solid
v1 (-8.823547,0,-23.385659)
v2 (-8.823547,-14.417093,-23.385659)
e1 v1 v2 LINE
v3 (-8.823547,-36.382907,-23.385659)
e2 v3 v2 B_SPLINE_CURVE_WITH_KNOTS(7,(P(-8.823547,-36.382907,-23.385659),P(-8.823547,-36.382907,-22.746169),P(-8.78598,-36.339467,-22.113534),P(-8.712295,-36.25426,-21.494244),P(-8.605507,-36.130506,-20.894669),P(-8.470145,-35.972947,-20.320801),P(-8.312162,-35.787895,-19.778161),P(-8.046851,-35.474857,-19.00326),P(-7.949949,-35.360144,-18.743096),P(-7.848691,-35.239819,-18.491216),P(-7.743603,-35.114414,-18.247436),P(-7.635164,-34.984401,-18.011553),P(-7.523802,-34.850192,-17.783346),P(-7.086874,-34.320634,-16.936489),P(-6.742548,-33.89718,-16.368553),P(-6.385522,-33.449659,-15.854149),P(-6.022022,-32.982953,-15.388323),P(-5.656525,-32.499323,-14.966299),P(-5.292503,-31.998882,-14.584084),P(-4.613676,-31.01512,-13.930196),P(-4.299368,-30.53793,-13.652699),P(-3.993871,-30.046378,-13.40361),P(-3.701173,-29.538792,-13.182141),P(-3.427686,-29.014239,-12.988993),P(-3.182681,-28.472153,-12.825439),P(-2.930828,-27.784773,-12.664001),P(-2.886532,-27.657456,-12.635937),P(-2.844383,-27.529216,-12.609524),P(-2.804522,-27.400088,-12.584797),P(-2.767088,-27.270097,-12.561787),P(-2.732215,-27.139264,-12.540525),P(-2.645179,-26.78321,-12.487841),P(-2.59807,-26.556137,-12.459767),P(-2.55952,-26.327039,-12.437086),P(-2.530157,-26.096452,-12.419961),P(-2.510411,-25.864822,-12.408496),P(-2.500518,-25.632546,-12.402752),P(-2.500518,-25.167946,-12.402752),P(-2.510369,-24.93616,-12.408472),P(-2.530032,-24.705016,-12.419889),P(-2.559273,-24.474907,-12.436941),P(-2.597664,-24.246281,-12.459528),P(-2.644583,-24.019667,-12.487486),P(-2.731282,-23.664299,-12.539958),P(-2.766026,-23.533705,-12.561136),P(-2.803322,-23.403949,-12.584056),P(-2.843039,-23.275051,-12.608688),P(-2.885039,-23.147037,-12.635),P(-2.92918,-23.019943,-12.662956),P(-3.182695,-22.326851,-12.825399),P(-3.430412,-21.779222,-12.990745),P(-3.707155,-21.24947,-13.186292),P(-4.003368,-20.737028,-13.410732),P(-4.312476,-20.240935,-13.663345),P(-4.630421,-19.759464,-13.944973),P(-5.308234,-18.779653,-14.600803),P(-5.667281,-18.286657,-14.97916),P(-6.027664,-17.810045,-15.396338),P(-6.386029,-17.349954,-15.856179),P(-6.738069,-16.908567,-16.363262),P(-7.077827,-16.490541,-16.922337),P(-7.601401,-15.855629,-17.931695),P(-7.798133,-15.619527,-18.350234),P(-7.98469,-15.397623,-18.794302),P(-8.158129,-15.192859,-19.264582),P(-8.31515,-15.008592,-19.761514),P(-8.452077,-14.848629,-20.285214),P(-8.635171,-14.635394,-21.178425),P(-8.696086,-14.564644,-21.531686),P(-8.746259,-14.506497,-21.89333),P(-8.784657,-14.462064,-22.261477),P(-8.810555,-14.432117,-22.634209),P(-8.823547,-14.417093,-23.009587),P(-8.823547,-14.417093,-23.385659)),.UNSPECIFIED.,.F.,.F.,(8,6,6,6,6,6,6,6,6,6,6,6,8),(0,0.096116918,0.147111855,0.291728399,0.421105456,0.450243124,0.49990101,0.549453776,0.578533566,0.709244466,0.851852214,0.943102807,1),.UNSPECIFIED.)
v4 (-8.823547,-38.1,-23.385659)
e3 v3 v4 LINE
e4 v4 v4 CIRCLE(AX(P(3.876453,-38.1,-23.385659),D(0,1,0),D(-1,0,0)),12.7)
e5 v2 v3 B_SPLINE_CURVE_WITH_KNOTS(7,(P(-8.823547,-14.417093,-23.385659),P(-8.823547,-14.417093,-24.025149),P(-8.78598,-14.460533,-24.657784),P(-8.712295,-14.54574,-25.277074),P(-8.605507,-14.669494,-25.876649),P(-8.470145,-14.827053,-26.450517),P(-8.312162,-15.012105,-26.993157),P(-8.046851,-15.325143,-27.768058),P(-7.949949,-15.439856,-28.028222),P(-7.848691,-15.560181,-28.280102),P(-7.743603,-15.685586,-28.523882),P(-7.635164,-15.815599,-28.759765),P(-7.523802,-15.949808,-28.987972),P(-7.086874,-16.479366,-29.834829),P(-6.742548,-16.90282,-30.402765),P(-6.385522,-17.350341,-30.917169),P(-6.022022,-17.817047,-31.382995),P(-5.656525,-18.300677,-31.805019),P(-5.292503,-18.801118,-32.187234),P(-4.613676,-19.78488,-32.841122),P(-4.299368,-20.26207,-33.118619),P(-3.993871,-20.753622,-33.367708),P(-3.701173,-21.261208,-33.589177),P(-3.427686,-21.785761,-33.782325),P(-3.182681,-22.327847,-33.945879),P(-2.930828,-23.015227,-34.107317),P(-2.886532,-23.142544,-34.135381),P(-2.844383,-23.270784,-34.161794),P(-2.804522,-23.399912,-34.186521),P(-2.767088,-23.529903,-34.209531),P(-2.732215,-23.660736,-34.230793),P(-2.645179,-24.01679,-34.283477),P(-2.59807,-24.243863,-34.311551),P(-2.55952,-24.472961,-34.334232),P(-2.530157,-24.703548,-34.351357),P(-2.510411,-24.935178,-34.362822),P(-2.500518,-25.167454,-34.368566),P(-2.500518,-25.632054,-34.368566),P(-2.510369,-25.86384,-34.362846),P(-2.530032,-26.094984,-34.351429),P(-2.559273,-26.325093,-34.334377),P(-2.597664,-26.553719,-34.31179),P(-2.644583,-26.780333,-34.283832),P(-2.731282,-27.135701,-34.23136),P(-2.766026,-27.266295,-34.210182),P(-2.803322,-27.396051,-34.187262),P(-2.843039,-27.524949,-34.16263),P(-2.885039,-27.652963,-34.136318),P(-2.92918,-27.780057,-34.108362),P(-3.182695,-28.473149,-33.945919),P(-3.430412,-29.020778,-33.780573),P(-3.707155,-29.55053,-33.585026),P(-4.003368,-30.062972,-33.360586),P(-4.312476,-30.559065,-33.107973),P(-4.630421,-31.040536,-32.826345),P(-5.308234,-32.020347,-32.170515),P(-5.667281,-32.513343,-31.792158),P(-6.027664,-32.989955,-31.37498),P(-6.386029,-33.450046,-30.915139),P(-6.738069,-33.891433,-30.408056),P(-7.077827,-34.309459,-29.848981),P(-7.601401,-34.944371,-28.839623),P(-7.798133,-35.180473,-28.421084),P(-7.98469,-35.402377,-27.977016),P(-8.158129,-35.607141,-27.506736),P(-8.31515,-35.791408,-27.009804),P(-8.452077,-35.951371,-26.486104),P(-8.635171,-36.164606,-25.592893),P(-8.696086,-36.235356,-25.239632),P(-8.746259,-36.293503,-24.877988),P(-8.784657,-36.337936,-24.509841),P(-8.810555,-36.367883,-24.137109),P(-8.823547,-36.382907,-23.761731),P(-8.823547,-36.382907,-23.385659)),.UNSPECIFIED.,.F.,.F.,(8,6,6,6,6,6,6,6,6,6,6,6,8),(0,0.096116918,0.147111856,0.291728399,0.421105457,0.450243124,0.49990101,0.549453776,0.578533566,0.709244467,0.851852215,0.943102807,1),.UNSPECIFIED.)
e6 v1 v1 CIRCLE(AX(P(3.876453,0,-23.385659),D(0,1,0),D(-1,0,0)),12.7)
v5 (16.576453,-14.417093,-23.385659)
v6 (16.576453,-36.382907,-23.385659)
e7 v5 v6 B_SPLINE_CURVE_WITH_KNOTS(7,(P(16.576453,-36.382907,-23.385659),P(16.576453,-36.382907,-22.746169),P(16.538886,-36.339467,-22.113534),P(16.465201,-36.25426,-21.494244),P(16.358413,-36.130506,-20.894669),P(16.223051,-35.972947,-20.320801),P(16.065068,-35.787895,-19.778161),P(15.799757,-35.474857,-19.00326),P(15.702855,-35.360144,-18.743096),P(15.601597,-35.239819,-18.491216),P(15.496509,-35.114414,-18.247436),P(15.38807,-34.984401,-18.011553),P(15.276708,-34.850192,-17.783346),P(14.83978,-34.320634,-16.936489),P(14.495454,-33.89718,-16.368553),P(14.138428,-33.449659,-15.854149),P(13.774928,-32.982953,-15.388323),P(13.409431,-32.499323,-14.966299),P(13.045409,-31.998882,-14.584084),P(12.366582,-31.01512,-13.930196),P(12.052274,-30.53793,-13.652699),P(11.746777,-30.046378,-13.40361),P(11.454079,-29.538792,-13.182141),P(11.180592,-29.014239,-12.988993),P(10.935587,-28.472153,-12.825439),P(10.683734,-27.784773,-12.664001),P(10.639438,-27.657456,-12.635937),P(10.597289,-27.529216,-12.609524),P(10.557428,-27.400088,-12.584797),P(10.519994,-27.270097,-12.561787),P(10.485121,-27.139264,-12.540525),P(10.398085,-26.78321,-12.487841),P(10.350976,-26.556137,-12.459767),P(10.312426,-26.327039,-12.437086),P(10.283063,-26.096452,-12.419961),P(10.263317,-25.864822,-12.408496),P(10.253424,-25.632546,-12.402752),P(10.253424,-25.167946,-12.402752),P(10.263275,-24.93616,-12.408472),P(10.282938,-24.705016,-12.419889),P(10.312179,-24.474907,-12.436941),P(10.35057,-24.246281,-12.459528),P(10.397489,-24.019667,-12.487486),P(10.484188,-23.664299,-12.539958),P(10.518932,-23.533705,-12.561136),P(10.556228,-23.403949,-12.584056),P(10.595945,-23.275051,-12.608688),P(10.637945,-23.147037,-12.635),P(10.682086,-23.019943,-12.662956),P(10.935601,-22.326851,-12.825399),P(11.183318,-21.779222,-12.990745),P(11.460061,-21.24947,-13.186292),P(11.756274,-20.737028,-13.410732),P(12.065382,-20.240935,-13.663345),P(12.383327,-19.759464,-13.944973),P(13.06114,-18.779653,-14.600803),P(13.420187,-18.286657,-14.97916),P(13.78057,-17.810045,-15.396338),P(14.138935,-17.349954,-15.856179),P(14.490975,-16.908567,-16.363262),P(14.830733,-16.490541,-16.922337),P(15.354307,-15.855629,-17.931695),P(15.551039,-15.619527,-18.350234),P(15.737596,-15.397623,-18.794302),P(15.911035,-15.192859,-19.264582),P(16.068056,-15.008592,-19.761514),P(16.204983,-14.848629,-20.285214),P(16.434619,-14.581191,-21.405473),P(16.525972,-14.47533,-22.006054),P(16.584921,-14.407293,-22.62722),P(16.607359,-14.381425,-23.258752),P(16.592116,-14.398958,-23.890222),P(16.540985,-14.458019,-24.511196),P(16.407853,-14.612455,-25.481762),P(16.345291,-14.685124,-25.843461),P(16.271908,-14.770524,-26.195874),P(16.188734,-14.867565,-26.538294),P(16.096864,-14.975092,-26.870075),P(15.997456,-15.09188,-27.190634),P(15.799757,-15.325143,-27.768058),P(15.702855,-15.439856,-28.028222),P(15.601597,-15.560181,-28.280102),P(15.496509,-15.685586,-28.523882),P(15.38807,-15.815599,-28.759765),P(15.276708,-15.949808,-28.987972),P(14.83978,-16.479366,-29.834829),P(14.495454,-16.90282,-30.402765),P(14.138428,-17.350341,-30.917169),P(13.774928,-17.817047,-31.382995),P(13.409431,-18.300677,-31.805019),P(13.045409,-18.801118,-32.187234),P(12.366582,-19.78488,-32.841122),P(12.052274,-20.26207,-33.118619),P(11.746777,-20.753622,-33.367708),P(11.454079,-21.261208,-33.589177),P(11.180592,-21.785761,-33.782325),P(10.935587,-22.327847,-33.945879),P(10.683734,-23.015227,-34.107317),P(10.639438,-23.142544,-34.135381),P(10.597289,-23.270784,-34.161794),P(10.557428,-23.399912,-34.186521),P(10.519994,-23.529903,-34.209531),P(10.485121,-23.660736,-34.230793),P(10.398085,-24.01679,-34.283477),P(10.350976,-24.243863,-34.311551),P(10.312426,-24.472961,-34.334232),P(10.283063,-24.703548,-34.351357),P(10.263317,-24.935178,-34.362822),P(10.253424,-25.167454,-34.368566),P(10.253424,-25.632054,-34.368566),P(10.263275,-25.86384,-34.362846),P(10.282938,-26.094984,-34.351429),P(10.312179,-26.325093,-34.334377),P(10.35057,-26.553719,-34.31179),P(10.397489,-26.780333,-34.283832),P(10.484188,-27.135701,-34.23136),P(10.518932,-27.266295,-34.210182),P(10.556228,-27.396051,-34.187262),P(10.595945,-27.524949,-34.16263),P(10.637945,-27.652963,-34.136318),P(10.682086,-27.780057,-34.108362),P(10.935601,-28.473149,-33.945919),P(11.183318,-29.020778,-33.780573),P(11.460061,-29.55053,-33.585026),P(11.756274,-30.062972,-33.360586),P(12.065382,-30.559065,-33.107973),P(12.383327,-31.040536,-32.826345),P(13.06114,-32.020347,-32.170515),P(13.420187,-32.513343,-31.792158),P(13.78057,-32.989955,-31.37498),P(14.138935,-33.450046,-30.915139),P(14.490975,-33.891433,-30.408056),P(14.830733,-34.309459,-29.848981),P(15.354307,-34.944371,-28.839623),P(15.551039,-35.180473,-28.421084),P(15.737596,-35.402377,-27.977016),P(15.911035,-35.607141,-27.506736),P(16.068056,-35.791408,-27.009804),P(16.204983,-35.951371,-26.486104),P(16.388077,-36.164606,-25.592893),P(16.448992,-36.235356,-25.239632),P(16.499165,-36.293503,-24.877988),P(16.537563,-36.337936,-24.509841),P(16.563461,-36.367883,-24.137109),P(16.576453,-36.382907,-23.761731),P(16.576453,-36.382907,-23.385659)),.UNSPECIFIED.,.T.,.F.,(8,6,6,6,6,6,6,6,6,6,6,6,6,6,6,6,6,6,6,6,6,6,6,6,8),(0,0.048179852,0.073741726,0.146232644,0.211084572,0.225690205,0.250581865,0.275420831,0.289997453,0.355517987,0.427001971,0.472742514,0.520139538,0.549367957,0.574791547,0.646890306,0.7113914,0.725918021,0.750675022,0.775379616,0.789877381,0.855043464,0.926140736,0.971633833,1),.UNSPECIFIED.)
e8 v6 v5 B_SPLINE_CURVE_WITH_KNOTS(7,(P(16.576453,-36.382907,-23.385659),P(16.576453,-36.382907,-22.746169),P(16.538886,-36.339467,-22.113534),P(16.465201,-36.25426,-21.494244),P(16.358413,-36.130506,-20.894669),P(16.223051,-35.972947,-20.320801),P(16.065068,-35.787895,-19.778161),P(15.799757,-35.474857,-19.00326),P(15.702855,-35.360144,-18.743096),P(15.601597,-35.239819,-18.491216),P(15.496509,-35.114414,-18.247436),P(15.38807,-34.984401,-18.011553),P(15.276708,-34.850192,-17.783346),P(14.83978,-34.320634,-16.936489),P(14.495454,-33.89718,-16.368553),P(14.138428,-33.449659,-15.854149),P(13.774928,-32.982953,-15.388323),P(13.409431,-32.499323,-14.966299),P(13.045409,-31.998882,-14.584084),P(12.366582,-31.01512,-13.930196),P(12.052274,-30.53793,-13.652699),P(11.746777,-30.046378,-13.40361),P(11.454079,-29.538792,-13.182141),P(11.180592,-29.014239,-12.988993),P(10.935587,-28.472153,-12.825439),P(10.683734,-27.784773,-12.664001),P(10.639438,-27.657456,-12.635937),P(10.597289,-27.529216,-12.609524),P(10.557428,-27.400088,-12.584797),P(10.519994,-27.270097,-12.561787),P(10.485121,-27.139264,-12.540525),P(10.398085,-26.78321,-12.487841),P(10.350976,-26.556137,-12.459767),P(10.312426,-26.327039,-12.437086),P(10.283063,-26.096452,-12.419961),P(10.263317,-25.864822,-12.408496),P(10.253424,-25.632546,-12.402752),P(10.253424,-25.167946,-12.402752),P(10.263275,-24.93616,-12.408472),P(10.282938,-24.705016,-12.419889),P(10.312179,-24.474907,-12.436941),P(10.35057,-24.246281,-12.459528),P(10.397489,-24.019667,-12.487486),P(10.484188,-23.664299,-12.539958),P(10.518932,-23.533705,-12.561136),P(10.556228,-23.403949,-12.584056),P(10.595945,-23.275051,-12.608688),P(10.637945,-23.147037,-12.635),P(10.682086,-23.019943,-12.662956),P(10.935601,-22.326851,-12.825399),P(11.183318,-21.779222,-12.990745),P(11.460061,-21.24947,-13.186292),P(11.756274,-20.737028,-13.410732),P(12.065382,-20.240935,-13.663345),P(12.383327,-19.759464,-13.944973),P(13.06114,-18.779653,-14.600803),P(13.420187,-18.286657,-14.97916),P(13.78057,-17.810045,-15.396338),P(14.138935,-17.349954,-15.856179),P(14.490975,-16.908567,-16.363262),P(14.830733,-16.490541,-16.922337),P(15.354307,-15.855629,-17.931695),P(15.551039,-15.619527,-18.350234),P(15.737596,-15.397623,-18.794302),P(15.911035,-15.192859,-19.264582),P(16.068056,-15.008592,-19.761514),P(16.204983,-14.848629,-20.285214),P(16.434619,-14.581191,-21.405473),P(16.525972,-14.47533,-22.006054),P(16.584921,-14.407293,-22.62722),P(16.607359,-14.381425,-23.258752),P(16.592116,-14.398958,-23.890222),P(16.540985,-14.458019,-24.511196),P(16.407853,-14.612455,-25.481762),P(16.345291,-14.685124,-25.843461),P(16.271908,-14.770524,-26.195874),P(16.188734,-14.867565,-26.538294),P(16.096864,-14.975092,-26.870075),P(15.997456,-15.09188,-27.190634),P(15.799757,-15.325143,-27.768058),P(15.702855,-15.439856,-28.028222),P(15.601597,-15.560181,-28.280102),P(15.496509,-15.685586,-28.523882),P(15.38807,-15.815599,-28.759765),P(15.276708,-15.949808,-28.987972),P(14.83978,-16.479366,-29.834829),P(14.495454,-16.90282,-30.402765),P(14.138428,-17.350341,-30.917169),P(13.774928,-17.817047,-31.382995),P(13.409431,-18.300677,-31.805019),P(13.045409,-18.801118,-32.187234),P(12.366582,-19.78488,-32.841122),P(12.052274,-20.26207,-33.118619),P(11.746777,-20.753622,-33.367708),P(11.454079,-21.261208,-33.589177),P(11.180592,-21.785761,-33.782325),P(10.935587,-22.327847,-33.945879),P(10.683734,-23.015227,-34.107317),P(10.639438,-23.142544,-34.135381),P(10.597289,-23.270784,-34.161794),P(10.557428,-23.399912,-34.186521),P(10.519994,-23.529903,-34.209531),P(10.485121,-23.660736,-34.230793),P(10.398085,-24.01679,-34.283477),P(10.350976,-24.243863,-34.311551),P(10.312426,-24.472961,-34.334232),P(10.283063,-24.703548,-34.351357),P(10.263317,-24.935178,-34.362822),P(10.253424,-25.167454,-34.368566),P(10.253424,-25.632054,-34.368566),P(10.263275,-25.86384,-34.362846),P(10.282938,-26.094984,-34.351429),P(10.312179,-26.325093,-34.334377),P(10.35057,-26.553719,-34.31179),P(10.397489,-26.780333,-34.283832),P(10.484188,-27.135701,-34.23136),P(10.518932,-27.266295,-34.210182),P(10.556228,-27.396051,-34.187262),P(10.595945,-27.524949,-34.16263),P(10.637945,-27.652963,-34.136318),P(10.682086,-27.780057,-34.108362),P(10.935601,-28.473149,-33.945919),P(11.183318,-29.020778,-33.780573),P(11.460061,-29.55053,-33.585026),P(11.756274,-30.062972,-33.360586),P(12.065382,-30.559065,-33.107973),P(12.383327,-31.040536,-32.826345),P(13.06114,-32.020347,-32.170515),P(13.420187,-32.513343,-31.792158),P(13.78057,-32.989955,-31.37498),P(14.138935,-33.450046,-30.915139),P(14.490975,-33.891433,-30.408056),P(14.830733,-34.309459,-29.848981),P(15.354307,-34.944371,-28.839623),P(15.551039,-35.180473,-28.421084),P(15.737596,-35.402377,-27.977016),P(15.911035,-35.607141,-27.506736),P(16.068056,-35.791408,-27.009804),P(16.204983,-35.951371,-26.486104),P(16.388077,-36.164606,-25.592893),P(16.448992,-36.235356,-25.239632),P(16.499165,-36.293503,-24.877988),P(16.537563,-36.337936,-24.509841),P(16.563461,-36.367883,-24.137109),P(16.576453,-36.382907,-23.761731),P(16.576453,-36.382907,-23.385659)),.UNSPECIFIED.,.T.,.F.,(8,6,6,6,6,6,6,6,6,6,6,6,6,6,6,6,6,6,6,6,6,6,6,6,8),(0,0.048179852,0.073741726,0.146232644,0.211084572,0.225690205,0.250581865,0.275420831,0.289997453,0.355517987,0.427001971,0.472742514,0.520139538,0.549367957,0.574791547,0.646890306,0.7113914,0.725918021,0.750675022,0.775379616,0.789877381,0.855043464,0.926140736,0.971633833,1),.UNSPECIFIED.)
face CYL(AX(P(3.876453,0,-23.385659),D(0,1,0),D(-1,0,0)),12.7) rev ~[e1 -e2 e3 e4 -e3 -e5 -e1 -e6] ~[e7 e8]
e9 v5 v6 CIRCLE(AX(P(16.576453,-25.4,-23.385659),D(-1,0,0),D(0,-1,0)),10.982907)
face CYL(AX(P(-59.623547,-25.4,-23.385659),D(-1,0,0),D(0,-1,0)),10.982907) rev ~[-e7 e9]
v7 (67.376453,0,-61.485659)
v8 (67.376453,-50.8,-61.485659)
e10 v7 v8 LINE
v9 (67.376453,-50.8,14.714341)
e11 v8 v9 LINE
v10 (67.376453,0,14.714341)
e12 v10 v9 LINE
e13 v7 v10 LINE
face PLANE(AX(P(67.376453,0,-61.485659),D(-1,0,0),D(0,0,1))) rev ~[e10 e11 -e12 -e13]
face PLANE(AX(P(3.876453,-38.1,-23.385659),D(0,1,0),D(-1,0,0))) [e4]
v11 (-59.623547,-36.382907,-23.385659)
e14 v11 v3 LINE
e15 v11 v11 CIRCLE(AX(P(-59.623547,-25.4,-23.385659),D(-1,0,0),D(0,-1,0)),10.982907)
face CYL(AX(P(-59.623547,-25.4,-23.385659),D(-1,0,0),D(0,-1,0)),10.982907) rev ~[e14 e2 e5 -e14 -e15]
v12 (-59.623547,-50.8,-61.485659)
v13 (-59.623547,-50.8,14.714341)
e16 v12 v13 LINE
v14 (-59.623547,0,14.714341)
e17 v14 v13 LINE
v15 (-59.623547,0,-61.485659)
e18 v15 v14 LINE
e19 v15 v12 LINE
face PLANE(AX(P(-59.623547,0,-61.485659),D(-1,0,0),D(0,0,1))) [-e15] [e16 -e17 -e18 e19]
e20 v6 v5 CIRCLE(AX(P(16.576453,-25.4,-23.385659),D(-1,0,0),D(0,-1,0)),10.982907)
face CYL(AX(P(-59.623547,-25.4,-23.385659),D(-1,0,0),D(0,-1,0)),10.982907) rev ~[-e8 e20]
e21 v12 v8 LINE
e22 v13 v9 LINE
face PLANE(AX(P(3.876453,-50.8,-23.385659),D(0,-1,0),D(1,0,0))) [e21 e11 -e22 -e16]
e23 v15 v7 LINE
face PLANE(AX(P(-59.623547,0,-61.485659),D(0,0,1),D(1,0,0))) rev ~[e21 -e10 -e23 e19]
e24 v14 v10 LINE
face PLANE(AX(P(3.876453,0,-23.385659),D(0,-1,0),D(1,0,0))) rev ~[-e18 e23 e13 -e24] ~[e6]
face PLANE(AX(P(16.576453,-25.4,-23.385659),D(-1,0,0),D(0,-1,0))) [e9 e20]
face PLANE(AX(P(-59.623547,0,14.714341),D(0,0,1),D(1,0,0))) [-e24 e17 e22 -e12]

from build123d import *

# Parameters (mm, degrees)
F0_W     = 127
F0_H     = 76.2
F1_DEPTH = 50.8
F2_R     = 12.7
F3_DEPTH = 38.1
F4_R     = 10.982907
F5_DEPTH = 76.2


with BuildPart() as f1:
    # F0 (on Front) → F1 (new body)
    with BuildSketch(Plane.XZ):
        with Locations((3.876453, -23.385659)):
            Rectangle(F0_W, F0_H)
    extrude(amount=F1_DEPTH)

    # F2 (on face) → F3 (cut)
    with BuildSketch(Plane(origin=(0, 0, 0), x_dir=(-1, 0, 0), z_dir=(0, 1, 0))):
        with Locations((-3.876453, -23.385659)):
            Circle(F2_R)
    extrude(amount=-F3_DEPTH, mode=Mode.SUBTRACT)

    # F4 (on face) → F5 (cut)
    with BuildSketch(Plane(origin=(-59.623547, 0, 0), x_dir=(0, -1, 0), z_dir=(-1, 0, 0))):
        with Locations((25.4, -23.385659)):
            Circle(F4_R)
    extrude(amount=-F5_DEPTH, mode=Mode.SUBTRACT)


solid = f1.part
